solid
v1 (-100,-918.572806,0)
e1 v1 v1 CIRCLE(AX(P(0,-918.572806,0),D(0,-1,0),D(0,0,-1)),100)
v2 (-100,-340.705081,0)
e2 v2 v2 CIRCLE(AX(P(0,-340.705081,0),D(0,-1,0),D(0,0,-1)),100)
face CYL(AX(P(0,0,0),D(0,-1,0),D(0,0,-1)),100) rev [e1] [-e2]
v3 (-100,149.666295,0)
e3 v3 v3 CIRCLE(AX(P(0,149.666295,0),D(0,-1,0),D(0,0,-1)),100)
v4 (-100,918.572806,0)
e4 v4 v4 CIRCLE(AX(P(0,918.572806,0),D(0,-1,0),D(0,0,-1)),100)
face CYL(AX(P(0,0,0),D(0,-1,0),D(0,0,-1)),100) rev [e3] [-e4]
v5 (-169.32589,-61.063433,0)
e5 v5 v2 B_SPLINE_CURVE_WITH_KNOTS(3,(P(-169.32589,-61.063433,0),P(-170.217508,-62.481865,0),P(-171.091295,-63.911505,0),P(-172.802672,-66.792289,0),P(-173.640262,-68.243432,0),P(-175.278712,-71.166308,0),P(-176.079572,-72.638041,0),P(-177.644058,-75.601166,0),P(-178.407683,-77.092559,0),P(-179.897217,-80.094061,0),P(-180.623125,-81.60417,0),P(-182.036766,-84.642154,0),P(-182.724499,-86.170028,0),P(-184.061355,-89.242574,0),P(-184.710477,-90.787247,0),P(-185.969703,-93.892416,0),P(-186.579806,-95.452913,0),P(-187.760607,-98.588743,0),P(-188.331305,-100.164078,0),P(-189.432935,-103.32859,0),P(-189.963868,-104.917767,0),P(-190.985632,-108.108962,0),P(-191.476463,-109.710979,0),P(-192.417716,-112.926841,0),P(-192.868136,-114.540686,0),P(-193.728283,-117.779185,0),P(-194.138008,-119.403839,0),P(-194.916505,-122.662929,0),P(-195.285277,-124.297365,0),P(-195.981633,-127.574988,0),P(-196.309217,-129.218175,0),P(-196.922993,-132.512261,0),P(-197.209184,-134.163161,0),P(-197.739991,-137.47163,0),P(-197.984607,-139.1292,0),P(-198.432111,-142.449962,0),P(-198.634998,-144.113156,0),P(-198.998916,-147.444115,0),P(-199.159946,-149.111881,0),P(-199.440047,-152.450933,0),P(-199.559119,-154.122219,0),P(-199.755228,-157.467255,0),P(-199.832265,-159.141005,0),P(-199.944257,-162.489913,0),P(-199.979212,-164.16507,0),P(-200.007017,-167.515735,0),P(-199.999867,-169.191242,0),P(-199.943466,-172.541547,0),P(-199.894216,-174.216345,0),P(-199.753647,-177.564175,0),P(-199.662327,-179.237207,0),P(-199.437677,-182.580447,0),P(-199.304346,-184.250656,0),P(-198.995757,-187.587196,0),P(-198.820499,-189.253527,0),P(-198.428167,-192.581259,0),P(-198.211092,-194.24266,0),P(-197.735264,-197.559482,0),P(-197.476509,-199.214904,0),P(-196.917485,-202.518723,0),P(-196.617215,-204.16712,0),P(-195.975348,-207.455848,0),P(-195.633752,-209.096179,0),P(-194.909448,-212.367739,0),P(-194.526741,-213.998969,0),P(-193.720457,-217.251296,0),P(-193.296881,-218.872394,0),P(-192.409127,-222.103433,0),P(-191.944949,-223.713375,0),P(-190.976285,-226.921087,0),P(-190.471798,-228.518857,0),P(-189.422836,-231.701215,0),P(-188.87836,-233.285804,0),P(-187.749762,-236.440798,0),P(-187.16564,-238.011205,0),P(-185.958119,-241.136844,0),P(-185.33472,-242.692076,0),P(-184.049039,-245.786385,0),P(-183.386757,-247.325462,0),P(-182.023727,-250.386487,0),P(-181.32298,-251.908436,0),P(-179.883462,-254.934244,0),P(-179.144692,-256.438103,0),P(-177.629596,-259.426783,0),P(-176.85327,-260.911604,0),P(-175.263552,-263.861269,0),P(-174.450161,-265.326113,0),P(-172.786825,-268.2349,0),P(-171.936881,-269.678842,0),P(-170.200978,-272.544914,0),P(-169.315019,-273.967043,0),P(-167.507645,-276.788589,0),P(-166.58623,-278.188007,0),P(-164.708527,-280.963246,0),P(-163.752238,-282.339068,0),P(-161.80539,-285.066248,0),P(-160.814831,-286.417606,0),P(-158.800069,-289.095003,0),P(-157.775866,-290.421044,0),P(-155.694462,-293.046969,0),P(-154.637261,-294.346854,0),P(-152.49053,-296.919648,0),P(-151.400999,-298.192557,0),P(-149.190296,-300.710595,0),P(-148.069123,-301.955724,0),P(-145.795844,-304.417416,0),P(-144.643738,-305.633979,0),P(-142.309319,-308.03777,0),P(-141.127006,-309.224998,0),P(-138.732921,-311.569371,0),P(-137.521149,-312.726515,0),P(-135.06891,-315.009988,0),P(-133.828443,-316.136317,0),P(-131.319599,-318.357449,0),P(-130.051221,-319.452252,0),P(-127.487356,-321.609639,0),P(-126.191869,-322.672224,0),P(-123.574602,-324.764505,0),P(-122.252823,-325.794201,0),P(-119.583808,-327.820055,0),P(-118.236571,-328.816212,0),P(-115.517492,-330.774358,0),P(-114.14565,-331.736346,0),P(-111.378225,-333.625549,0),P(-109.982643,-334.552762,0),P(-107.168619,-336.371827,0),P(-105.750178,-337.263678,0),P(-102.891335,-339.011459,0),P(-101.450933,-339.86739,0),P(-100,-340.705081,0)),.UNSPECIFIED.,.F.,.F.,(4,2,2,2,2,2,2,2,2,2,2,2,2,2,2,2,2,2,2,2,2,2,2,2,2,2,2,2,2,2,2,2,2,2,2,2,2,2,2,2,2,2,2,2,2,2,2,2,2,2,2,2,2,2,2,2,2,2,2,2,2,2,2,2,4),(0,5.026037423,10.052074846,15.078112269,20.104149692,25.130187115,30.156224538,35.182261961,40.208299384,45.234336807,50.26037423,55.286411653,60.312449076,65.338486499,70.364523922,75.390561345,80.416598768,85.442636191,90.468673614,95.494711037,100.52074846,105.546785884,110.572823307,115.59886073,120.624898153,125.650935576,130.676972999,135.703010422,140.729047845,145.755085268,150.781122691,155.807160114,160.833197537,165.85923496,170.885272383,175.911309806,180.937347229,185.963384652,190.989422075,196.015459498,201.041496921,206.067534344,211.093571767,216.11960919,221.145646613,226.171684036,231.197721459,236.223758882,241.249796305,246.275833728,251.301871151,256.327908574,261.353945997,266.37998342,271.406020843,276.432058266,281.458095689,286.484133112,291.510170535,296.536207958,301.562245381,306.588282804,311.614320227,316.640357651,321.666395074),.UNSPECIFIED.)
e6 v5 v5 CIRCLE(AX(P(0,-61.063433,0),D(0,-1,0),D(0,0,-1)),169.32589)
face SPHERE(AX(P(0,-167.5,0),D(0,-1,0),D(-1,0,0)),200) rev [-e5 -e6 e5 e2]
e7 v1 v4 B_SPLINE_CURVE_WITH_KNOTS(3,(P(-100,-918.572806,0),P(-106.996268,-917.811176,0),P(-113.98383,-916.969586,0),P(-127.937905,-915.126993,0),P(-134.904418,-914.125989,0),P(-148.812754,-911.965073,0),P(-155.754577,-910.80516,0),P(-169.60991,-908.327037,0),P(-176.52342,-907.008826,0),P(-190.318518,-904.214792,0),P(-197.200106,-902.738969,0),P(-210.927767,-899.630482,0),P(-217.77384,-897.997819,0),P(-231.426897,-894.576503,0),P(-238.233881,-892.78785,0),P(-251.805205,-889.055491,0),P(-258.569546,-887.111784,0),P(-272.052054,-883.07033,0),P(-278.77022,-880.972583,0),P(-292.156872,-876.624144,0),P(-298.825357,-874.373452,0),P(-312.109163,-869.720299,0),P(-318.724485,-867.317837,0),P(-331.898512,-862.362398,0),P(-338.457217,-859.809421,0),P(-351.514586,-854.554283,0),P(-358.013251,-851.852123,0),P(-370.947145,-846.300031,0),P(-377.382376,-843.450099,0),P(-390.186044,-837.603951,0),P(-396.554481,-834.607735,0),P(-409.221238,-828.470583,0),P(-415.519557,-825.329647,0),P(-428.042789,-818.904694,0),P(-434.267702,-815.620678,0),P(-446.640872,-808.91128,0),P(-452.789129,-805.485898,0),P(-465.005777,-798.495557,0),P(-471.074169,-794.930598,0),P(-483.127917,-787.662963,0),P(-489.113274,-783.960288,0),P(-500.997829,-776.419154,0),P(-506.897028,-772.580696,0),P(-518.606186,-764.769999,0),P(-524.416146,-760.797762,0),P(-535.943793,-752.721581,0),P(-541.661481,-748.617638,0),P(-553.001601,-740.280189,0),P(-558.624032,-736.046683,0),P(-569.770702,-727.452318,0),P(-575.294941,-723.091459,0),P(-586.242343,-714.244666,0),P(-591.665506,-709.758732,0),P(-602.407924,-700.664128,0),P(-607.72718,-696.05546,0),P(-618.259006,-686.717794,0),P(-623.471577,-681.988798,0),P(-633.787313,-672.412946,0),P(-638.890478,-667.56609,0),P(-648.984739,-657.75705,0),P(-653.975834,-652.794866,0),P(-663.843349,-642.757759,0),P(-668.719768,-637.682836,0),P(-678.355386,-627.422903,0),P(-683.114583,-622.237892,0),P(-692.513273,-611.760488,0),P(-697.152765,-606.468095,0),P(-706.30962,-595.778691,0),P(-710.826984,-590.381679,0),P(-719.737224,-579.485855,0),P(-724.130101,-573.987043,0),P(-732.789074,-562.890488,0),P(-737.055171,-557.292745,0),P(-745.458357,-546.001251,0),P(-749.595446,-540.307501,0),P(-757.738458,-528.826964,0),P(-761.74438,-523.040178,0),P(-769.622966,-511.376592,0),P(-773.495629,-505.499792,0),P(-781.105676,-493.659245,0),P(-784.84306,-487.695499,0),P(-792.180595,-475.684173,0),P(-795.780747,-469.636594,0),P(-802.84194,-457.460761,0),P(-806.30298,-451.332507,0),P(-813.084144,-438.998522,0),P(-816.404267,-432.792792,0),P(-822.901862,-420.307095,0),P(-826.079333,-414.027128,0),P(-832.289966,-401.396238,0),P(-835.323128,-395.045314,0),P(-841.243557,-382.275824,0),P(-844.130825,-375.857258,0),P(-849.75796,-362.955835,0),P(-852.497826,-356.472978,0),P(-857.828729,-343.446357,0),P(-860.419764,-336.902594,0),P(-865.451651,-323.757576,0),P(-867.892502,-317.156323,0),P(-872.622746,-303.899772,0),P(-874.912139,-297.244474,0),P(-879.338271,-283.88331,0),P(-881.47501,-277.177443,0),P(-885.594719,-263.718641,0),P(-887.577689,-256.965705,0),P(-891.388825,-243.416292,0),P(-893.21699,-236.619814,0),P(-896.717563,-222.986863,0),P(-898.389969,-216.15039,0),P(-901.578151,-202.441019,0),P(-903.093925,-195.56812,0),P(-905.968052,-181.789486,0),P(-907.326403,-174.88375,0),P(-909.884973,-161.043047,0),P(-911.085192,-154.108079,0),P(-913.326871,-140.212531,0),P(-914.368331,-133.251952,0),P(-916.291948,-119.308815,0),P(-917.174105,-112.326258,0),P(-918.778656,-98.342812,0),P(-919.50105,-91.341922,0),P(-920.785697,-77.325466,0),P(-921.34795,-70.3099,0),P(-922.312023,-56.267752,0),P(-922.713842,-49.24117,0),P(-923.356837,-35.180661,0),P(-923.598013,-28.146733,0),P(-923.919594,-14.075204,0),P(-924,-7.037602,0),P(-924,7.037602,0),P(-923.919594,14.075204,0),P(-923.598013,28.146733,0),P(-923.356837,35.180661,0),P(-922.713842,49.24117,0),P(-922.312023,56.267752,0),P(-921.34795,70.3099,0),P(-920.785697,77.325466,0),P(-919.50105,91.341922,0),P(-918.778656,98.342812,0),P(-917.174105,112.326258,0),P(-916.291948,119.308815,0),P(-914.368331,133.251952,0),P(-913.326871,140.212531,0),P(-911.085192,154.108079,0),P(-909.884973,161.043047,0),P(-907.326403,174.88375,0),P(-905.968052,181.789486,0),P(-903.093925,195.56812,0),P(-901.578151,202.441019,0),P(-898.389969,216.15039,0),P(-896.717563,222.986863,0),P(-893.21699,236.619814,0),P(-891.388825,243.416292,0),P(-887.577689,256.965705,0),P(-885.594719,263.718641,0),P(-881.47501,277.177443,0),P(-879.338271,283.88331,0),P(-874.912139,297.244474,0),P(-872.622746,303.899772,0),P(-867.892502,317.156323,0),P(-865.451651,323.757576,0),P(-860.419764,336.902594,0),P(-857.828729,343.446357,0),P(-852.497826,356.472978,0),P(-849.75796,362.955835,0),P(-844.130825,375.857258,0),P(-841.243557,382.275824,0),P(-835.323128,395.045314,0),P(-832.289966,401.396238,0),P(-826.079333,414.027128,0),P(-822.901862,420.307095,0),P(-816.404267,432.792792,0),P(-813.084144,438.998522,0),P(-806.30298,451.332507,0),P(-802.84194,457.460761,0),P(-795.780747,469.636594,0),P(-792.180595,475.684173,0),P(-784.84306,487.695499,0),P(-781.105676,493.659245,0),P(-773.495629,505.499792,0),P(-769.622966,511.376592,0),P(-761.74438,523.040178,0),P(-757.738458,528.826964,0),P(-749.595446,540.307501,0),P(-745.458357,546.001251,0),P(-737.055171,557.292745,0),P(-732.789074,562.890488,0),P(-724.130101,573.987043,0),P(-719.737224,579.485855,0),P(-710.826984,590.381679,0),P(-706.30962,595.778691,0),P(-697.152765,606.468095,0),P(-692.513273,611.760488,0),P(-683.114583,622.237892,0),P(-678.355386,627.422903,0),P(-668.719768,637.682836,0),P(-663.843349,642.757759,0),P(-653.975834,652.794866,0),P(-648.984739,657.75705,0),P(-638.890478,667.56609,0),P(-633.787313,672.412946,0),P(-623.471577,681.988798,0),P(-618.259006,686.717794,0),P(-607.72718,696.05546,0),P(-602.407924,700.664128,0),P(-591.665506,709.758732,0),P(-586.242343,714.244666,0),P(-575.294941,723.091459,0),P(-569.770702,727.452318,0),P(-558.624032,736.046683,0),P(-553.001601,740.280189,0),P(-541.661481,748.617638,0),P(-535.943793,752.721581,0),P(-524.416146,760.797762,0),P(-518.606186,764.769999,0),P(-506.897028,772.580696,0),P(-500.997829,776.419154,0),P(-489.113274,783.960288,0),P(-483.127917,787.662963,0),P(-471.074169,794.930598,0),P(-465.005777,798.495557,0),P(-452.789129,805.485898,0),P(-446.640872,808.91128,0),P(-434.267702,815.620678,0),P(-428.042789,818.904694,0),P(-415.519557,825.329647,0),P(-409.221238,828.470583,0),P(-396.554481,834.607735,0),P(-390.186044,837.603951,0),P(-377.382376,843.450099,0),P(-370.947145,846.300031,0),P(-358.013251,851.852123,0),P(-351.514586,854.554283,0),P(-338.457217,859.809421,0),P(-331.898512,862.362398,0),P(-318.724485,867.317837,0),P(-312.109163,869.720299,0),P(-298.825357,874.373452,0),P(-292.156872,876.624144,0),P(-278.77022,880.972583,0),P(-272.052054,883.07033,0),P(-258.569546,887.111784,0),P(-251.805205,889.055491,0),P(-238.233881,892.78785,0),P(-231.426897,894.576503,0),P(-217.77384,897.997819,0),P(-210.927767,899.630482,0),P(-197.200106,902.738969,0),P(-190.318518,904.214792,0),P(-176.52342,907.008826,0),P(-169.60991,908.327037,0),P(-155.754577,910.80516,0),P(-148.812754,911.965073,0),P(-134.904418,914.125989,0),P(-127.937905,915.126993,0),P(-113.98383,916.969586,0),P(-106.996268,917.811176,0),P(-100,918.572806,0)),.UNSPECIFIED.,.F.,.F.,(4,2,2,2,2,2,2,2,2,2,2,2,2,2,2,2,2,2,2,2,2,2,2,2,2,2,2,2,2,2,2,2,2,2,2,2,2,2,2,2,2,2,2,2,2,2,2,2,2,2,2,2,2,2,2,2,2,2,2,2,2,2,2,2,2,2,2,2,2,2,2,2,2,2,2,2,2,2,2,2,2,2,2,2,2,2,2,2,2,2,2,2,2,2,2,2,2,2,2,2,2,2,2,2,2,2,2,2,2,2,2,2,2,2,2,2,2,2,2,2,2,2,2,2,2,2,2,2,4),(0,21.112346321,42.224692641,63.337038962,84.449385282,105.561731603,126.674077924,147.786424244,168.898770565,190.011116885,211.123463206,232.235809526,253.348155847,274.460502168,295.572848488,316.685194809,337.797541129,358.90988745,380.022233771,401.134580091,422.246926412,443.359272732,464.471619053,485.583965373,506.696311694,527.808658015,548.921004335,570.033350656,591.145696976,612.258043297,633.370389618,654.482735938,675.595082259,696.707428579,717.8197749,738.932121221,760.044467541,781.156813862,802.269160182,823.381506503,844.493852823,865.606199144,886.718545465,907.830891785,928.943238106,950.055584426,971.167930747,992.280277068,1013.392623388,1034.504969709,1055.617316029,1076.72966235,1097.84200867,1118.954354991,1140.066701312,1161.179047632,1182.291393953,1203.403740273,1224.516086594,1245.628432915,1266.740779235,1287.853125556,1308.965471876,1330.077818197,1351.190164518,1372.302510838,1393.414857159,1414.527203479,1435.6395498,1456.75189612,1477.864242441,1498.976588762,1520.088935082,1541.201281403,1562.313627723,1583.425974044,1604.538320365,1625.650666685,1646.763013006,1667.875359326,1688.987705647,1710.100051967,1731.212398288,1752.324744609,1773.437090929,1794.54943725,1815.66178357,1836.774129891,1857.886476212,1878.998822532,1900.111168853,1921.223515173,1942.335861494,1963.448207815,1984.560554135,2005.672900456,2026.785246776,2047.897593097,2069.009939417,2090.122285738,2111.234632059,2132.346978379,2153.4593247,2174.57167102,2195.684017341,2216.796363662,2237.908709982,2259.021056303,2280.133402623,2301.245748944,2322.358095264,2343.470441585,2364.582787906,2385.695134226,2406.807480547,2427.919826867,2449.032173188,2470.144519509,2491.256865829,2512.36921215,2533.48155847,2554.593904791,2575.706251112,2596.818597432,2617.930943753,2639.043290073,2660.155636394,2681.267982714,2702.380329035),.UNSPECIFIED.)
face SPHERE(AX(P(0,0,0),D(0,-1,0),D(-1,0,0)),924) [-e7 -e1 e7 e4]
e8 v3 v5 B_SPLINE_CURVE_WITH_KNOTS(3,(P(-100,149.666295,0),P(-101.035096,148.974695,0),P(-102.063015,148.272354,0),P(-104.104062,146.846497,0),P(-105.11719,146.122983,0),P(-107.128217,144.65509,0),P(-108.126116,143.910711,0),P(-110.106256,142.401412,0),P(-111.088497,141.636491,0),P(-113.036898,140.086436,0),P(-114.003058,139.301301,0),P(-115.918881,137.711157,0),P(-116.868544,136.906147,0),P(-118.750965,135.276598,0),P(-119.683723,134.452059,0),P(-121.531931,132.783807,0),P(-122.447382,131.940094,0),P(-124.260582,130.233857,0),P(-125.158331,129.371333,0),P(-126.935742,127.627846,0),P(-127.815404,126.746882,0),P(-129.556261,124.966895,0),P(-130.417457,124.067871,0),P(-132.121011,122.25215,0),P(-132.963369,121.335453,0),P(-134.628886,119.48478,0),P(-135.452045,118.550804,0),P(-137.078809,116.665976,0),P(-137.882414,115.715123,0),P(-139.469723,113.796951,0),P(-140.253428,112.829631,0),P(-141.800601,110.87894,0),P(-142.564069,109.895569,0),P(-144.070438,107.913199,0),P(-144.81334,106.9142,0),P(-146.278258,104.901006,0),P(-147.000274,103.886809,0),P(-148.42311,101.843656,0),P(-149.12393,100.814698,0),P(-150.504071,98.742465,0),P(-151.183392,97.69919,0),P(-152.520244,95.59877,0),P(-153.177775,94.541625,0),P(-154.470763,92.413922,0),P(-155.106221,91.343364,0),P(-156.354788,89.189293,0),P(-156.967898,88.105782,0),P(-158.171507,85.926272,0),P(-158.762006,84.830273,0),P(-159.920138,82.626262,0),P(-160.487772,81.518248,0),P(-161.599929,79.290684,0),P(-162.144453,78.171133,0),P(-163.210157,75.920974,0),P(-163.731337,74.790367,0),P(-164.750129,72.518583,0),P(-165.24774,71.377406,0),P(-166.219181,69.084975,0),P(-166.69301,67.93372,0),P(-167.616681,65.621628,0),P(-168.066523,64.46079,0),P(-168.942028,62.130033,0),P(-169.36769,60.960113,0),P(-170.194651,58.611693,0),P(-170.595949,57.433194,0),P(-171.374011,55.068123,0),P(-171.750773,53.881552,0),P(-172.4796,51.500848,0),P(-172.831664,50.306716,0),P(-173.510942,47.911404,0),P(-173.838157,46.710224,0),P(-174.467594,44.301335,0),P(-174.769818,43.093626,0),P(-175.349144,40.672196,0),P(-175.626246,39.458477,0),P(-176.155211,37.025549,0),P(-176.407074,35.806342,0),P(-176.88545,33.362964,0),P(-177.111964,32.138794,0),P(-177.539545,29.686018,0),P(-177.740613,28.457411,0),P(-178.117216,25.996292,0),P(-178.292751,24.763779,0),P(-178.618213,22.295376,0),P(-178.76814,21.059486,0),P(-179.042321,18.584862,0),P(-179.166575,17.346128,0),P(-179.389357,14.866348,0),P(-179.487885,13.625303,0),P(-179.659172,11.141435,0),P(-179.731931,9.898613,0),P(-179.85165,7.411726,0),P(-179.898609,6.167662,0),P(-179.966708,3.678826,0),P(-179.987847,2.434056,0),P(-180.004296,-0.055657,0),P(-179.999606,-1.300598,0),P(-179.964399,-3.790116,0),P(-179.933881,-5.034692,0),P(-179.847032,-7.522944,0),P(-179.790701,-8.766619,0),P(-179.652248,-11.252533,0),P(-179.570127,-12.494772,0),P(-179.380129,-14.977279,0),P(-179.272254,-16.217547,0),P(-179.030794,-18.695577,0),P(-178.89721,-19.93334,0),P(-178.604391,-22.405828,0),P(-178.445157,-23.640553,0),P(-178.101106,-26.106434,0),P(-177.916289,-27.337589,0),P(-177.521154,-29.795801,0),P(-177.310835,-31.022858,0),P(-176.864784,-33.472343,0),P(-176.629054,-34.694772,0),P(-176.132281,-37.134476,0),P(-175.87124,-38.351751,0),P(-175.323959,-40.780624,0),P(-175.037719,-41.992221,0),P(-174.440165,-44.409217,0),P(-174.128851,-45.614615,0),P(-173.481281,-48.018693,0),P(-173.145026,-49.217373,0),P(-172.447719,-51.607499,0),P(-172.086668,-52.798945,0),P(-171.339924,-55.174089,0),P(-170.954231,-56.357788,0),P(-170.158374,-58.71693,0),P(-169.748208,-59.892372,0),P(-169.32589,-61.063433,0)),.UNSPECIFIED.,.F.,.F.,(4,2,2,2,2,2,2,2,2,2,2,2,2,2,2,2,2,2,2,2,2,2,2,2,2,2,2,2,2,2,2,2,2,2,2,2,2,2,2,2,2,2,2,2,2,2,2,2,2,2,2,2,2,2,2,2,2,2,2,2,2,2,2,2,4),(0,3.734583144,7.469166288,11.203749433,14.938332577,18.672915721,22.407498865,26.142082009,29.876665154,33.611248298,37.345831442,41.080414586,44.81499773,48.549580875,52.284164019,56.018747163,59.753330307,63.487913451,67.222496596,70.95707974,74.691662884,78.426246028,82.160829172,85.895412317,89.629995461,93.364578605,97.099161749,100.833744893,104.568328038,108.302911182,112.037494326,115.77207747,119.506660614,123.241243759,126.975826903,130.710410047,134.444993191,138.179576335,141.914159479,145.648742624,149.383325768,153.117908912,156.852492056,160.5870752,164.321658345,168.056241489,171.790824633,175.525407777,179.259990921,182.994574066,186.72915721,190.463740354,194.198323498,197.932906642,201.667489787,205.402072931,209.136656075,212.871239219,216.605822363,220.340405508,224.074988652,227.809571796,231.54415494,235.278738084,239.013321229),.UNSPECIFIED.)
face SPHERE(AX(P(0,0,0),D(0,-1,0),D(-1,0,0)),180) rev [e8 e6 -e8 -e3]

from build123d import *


with BuildPart() as part:
    # 草图1 → 旋转1 (revolve)
    with BuildSketch(Plane.XY):
        with BuildLine():
            Line((-100, 918.572806042), (-100, 149.666295471))
            ThreePointArc((-100, 149.666295471), (-170.984980078, 56.250658554), (-169.325890431, -61.063432836))
            ThreePointArc((-169.325890431, -61.063432836), (-194.123598841, -215.625132445), (-100, -340.705080757))
            Line((-100, -340.705080757), (-100, -918.572806042))
            ThreePointArc((-100, -918.572806042), (-924, 0), (-100, 918.572806042))
        make_face()
    revolve(axis=Axis((0, 0, 0), (0, 1, 0)))


solid = part.part
